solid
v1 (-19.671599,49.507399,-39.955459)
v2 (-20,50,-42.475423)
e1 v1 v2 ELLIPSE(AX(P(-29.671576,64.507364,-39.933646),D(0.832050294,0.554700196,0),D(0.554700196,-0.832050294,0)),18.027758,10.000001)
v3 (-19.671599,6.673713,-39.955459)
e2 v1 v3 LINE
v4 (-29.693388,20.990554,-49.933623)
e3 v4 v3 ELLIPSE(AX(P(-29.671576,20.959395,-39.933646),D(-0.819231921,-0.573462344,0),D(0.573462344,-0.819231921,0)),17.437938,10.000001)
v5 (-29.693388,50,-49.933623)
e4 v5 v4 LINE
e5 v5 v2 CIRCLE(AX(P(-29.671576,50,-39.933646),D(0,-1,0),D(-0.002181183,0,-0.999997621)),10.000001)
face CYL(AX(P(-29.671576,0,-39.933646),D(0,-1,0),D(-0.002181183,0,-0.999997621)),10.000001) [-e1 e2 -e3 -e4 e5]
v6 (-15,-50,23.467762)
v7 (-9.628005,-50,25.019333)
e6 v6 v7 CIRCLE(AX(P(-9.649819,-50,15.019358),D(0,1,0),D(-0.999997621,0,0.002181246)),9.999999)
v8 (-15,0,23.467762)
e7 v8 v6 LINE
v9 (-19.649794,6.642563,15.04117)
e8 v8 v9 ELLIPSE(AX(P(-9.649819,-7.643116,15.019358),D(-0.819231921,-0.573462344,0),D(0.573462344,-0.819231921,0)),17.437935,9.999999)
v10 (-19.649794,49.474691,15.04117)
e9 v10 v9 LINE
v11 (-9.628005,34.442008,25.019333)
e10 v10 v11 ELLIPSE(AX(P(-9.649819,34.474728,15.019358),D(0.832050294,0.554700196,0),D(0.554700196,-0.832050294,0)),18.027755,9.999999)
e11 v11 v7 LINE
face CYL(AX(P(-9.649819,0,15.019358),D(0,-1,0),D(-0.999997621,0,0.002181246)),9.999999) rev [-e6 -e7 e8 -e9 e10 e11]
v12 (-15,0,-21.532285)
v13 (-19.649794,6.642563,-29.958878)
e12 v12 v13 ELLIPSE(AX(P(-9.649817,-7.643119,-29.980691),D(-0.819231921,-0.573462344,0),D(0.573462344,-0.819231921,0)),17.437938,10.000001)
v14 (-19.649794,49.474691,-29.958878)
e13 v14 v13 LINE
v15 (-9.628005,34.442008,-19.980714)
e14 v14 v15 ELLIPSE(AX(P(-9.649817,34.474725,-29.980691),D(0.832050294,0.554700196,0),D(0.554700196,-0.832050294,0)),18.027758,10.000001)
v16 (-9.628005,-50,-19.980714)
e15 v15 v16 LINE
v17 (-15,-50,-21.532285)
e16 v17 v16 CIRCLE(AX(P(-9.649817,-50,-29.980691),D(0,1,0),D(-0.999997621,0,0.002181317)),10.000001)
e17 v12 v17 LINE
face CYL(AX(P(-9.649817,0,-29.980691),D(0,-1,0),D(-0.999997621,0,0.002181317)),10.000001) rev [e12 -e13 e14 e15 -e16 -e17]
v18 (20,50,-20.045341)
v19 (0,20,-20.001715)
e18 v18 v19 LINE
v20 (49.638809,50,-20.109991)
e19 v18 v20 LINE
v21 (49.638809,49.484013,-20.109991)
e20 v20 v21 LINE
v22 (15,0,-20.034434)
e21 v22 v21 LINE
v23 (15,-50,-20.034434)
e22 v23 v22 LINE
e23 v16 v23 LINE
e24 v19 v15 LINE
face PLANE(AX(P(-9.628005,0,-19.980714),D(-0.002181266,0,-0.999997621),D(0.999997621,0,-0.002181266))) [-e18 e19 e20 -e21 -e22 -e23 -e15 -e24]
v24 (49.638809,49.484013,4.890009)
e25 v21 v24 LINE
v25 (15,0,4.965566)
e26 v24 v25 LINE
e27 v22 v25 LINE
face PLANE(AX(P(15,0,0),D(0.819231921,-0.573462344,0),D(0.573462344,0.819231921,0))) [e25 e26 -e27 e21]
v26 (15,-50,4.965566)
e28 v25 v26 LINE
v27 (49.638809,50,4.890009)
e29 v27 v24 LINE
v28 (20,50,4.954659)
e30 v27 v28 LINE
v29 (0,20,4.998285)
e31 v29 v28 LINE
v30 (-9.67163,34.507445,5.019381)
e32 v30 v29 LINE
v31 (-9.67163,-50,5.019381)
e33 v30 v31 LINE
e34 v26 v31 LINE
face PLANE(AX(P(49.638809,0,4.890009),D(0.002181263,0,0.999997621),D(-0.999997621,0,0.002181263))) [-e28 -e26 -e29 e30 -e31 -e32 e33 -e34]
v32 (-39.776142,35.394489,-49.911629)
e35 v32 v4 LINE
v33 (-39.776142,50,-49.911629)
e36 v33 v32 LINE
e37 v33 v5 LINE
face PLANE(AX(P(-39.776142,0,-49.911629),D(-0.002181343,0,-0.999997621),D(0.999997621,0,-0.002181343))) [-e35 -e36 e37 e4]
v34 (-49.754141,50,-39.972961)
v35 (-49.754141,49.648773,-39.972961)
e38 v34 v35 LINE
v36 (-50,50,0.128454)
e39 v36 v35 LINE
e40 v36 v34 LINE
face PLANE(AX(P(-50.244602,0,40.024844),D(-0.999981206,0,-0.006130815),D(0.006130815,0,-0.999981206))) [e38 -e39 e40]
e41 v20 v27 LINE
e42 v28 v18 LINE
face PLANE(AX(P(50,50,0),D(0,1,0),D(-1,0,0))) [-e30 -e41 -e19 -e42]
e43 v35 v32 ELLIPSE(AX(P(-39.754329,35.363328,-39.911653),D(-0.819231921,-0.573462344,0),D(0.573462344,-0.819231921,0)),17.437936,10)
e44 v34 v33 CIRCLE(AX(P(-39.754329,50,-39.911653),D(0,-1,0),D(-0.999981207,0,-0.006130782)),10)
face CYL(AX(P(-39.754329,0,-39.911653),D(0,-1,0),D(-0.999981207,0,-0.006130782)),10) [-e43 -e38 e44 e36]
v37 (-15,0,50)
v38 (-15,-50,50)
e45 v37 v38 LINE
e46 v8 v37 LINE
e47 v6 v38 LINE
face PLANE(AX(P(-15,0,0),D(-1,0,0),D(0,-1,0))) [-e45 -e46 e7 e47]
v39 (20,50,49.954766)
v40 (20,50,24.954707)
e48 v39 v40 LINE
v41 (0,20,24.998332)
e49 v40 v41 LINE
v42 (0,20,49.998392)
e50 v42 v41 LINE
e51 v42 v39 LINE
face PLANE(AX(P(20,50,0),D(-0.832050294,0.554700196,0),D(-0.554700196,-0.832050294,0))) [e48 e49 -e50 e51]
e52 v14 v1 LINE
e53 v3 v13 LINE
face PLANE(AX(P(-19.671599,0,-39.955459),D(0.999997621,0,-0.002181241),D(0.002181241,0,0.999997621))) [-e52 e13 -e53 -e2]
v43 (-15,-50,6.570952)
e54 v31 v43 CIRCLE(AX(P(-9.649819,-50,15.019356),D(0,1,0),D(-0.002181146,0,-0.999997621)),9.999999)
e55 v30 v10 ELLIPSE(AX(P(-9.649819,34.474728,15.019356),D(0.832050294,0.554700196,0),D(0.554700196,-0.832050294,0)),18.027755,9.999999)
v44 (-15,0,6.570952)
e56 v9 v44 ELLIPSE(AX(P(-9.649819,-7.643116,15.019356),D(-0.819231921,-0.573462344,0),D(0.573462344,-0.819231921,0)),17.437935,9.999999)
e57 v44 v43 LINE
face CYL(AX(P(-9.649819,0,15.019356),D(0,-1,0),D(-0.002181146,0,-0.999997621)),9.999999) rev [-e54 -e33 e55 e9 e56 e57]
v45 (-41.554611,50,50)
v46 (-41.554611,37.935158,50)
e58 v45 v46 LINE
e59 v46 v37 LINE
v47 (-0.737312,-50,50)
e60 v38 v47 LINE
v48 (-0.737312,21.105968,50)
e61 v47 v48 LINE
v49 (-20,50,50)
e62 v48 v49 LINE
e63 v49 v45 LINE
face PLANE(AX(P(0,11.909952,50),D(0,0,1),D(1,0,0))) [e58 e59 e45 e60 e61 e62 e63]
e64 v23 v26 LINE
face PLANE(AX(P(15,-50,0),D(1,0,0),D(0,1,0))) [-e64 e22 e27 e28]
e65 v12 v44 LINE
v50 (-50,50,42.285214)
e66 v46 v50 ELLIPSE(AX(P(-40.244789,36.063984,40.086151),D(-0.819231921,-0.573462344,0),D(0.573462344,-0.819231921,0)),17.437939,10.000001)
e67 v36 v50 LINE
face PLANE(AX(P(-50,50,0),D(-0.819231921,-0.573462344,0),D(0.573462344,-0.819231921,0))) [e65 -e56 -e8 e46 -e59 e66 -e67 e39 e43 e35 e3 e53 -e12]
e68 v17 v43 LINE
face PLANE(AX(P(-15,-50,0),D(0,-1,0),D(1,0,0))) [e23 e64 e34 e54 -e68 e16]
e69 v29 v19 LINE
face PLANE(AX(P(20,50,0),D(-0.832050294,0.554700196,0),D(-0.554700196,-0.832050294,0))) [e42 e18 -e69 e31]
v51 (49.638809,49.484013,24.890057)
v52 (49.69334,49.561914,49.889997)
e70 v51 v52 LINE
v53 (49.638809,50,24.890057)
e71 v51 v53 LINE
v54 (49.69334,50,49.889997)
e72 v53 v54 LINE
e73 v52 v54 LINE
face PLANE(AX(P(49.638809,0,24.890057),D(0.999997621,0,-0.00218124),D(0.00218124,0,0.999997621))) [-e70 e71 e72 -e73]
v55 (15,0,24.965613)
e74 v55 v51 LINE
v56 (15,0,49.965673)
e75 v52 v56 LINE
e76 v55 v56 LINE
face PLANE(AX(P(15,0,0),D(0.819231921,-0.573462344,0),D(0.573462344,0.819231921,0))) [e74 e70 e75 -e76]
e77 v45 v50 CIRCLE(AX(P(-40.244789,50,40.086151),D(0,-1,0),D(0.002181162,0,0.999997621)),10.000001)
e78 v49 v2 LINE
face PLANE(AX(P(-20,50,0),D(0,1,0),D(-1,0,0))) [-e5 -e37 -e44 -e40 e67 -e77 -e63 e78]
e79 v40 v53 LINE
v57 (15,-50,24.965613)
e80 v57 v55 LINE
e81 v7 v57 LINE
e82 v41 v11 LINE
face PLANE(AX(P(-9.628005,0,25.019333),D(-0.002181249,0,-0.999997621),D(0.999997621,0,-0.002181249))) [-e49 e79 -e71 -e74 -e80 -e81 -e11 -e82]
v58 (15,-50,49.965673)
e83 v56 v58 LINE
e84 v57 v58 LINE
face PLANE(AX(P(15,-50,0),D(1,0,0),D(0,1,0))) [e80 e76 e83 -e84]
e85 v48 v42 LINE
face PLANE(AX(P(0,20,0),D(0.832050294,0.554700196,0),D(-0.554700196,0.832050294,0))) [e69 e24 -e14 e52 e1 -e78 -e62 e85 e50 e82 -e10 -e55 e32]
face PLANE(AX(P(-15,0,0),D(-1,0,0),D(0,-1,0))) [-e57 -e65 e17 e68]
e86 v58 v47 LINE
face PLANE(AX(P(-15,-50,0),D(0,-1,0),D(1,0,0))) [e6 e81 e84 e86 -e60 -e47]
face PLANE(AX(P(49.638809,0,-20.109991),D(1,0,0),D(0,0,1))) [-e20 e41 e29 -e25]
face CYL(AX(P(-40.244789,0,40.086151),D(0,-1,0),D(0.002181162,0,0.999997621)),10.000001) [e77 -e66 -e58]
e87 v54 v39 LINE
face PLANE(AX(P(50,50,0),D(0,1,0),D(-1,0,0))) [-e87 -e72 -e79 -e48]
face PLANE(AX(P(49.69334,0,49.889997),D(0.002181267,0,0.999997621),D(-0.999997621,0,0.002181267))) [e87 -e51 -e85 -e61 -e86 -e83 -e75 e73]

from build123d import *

# Parameters (mm, degrees)
F2_DEPTH = 50
F3_DEPTH = 50


with BuildPart() as f2:
    # F0 (on Top) → F2 (new body, symmetric)
    with BuildSketch(Plane.XY):
        Polygon((-20, 50), (-50, 50), (-15, 0), (-15, -50), (15, -50), (15, 0), (50, 50), (20, 50), (0, 20), align=None)
    extrude(amount=F2_DEPTH, both=True)

    # F1 (on Front) → F3 (intersect, symmetric)
    with BuildSketch(Plane.XZ):
        with BuildLine():
            ThreePointArc((-40.222977, 50.086129), (-47.329808, 47.143242), (-50.244602, 40.024844))
            Line((-50.244602, 40.024844), (-49.754141, -39.972961))
            ThreePointArc((-49.754141, -39.972961), (-46.811419, -46.996671), (-39.776142, -49.911629))
            Line((-39.776142, -49.911629), (-29.693388, -49.933623))
            ThreePointArc((-29.693388, -49.933623), (-22.615948, -47.020121), (-19.671599, -39.955459))
            Line((-19.671599, -39.955459), (-19.649794, -29.958878))
            ThreePointArc((-19.649794, -29.958878), (-16.705445, -22.894216), (-9.628005, -19.980714))
            Line((-9.628005, -19.980714), (49.638809, -20.109991))
            Line((49.638809, -20.109991), (49.638809, 4.890009))
            Line((49.638809, 4.890009), (-9.67163, 5.019381))
            ThreePointArc((-9.67163, 5.019381), (-16.736293, 7.96373), (-19.649794, 15.04117))
            ThreePointArc((-19.649794, 15.04117), (-16.705445, 22.105832), (-9.628005, 25.019333))
            Line((-9.628005, 25.019333), (49.638809, 24.890057))
            Line((49.638809, 24.890057), (49.69334, 49.889997))
            Line((49.69334, 49.889997), (-40.222977, 50.086129))
        make_face()
    extrude(amount=F3_DEPTH, both=True, mode=Mode.INTERSECT)


solid = f2.part
